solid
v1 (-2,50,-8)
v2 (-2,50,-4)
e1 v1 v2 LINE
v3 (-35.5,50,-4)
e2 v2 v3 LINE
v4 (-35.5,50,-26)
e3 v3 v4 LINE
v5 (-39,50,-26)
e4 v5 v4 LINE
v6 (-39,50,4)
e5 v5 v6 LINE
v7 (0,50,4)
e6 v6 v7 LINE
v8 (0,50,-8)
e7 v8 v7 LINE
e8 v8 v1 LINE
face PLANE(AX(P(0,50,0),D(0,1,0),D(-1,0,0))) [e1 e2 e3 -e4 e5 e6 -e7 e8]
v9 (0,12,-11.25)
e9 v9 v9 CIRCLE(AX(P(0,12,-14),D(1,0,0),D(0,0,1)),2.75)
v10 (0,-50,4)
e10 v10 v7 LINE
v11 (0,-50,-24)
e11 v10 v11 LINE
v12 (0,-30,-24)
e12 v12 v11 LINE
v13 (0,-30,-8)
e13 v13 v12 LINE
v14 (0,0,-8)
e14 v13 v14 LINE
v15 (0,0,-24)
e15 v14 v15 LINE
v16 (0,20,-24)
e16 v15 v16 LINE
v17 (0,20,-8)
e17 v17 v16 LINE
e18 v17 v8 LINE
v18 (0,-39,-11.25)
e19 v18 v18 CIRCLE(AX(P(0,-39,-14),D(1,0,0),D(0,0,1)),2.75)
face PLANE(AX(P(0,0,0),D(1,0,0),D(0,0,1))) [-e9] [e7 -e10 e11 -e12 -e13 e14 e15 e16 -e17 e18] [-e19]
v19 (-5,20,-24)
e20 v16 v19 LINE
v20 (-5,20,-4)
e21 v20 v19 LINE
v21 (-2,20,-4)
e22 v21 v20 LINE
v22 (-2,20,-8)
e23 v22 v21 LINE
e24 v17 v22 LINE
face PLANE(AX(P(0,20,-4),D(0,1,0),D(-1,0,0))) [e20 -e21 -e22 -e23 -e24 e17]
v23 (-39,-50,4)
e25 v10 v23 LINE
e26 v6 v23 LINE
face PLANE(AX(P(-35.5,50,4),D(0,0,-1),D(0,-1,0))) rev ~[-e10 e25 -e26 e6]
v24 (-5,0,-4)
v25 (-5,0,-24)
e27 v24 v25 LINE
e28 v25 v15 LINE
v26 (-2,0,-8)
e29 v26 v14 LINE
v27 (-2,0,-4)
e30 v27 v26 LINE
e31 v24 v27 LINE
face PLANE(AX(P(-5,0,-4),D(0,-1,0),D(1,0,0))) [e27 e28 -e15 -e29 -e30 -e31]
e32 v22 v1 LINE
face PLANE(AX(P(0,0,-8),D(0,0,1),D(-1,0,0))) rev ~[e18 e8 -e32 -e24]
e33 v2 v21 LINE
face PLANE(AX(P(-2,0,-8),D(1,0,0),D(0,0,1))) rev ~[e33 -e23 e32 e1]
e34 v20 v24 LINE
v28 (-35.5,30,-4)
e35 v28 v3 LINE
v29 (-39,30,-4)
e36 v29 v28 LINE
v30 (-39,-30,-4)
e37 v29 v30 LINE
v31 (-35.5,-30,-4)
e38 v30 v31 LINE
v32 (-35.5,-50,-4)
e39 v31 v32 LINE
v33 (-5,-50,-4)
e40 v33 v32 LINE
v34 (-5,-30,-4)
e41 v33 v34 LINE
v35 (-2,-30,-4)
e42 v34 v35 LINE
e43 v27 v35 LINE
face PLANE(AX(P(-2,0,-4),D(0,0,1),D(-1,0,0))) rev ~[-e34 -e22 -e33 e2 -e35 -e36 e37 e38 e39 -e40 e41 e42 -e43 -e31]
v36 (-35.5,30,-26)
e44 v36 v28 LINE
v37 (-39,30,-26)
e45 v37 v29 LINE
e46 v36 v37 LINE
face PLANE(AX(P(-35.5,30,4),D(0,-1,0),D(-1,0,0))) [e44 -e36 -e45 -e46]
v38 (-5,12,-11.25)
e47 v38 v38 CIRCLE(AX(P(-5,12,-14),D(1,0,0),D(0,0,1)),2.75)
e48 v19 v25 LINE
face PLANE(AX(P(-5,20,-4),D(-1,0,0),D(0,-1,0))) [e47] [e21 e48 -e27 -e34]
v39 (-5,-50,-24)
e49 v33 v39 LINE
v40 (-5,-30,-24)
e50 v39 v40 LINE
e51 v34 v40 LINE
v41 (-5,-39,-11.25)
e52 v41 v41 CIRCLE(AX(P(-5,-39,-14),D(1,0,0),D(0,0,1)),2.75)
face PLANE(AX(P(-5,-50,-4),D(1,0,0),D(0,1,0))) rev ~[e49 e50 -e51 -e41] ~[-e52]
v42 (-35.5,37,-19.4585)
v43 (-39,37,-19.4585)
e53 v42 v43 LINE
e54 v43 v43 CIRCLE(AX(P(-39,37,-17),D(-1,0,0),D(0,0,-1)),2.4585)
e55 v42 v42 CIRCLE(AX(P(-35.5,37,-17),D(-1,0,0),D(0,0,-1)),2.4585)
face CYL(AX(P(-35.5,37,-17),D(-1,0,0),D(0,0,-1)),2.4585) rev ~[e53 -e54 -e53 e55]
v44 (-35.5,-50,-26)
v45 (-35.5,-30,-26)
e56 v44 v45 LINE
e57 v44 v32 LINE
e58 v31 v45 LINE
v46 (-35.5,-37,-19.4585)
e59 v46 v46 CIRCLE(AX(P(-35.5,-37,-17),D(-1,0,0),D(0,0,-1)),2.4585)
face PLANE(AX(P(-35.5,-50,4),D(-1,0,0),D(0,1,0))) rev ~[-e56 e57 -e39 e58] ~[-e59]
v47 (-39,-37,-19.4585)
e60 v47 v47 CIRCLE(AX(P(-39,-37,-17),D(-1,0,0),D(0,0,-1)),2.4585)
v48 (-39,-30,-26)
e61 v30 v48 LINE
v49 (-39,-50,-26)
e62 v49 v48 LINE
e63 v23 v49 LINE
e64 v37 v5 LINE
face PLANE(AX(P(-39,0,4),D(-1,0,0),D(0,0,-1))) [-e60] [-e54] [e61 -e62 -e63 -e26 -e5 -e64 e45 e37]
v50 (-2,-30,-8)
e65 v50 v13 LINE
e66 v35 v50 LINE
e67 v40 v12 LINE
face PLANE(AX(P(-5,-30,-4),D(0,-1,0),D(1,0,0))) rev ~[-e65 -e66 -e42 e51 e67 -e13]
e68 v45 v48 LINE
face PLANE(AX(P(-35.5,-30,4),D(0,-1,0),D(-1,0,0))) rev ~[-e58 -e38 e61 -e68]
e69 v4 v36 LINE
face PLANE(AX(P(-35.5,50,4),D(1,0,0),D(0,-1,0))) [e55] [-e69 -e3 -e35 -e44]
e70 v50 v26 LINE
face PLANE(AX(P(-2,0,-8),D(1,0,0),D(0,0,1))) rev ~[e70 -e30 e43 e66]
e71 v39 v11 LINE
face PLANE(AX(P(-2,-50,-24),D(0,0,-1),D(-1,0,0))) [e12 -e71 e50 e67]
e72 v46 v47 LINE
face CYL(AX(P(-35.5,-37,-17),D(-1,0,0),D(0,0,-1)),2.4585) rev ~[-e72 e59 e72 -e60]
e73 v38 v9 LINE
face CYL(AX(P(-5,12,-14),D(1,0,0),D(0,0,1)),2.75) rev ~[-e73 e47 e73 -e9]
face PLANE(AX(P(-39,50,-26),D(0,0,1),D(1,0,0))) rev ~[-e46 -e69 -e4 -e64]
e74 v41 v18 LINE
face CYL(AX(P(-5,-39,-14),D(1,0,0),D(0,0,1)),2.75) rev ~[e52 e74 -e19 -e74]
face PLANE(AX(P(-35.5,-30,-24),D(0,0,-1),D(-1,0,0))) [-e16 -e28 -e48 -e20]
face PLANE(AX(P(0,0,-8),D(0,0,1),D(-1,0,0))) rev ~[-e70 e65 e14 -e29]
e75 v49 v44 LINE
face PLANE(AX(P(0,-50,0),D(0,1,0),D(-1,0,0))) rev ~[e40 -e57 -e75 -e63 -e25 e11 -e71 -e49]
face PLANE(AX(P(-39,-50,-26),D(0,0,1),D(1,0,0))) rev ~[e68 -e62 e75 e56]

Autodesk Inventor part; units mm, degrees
ref_plane "YZ Plane" through (0, 0, 0) normal (1, 0, 0) x (0, 1, 0)
ref_plane "XZ Plane" through (0, 0, 0) normal (0, 1, 0) x (-1, 0, 0)
ref_plane "XY Plane" through (0, 0, 0) normal (0, 0, 1) x (1, 0, 0)
sketch "Skizze1" plane through (0, 0, 0) normal (0, 1, 0) x (-1, 0, 0)
  line L0 (0, 0) -> (0, 8)
  line L1 (0, 8) -> (2, 8)
  line L2 (2, 8) -> (2, 4)
  line L3 (2, 4) -> (39, 4)
  line L4 (39, 4) -> (39, 0)
  line L5 (0, 0) -> (13.2064, 0)
  line L6 (0, 0) -> (0, -8)
  line L7 (0, -8) -> (2, -8)
  line L8 (2, -8) -> (2, -4)
  line L9 (2, -4) -> (39, -4)
  line L10 (39, -4) -> (39, 0)
  dimension "d1" = 8
  dimension "d2" = 2
  dimension "d3" = 4
  dimension "d4" = 37
extrude "Extrusion1" add sketch "Skizze1" along normal mid plane 100
sketch "Skizze5" plane through (-39, -50, 4) normal (0, 0, 1) x (1, 0, 0)
  line L0 (0, 0) -> (0, 100) projected
  line L1 (0, 0) -> (3.5, 0)
  line L2 (3.5, 0) -> (3.5, 20)
  line L3 (3.5, 20) -> (0, 20)
  line L4 (0, 20) -> (0, 0)
  point P0 (39, 50)
  point P1 (0, 20.0912)
  dimension "d22" = 3.5
  dimension "d23" = 20
extrude "Extrusion3" add sketch "Skizze5" along normal blind 20 and the other way blind 30
sketch "Skizze6" plane through (-39, 50, 4) normal (0, 0, 1) x (1, 0, 0)
  line L0 (0, -80) -> (0, 0) projected
  line L1 (0, 0) -> (3.5, 0)
  line L2 (3.5, 0) -> (3.5, -20)
  line L3 (3.5, -20) -> (0, -20)
  line L4 (0, -20) -> (0, 0)
  point P0 (39, -50)
  point P1 (0, -19.9088)
  point P2 (0, -20)
  dimension "d26" = 20
  dimension "d32" = 3.5
extrude "Extrusion4" add sketch "Skizze6" along normal blind 20 and the other way blind 30
sketch "Esquisse11" plane through (-35.5, 30, -4) normal (1, 0, 0) x (0, 0, -1)
  line L0 (22, 20) -> (0, 20) projected
  line L1 (22, 20) -> (22, 0) projected
  line L2 (22, -60) -> (22, -80) projected
  point P0 (-4, -30)
  point P1 (13, 7)
  point P2 (13, -67)
  dimension "d57" = 13
  dimension "d58" = 74
  dimension "d59" = 9
  dimension "d60" = 9
hole "Perçage3" at (-35.5, 37, -17) at (-35.5, -37, -17) direction (-1, 0, 0) diameter 4.917 end through all thread size "M6x1" class "6H" standard "ISO Metric profile"
sketch "Esquisse21" plane through (-35.5, -50, 4) normal (1, 0, 0) x (0, 0, -1)
  line L0 (0, 100) -> (0, 80) projected
  line L1 (0, 20) -> (0, 80) projected
  line L2 (0, 20) -> (0, 0) projected
  line L3 (0, 100) -> (0, 0) projected
  line L4 (-36.3372, 0) -> (0, 0)
  line L5 (0, 0) -> (0, 115.7943)
  line L6 (0, 115.7943) -> (-36.3372, 115.7943)
  line L7 (-36.3372, 115.7943) -> (-36.3372, 0)
  point P0 (4, 50)
  point P1 (0, 20)
extrude "Extrusion15" cut sketch "Esquisse21" along normal mid plane 9999
sketch "Esquisse22" plane through (-2, -50, -4) normal (0, 0, -1) x (-1, 0, 0)
  line L0 (37, 15.4585) -> (37, 10.5415) projected
  line L1 (33.5, 10.5415) -> (33.5, 15.4585) projected
  line L2 (-2, 0) -> (3, 0)
  line L3 (3, 0) -> (3, 20)
  line L4 (3, 20) -> (-2, 20)
  line L5 (-2, 20) -> (-2, 0)
  line L6 (33.5, 0) -> (0, 0) projected
  line L7 (-2, 0) -> (-2, 100) projected
  point P0 (-2, 50)
  point P1 (0.5, 0)
  dimension "d92" = 5
  dimension "d93" = 0
  dimension "d94" = 0
extrude "Extrusion16" add sketch "Esquisse22" along normal blind 20
sketch "Esquisse23" plane through (-5, -50, -4) normal (-1, 0, 0) x (0, 0, 1)
  line L0 (0, 20) -> (-20, 20) projected
  line L1 (-20, 0) -> (-20, 20) projected
  point P0 (4, 50)
  point P1 (-10, 11)
  dimension "d104" = 9
  dimension "d105" = 10
hole "Perçage5" at (-5, -39, -14) direction (1, 0, 0) diameter 5.5 end through all clearance for "Vis à tête plate fraisée ISO 2009/7046" size "M5" standard "ISO"
sketch "Esquisse24" plane through (-35.5, -30, -4) normal (0, 0, -1) x (-1, 0, 0)
  line L0 (-35.5, 0) -> (-35.5, 80) projected
  line L1 (-35.5, 50) -> (-30.5, 50)
  line L2 (-30.5, 50) -> (-30.5, 30)
  line L3 (-30.5, 30) -> (-35.5, 30)
  line L4 (-35.5, 30) -> (-35.5, 50)
  line L5 (-30.5, 0) -> (-35.5, 0) projected
  point P0 (-35.5, 30)
  dimension "d106" = 5
  dimension "d107" = 20
  dimension "d108" = 30
extrude "Extrusion17" add sketch "Esquisse24" along normal blind 20
sketch "Esquisse25" plane through (-5, 0, -4) normal (-1, 0, 0) x (0, 0, 1)
  line L0 (-20, 0) -> (-20, 20) projected
  line L1 (0, 20) -> (-20, 20) projected
  point P0 (4, 0)
  point P1 (-10, 12)
  dimension "d118" = 10
  dimension "d119" = 8
hole "Perçage6" at (-5, 12, -14) direction (1, 0, 0) diameter 5.5 end through all clearance for "Vis à tête plate fraisée ISO 2009/7046" size "M5" standard "ISO"
properties part number "Befestigung Bremssattel"
